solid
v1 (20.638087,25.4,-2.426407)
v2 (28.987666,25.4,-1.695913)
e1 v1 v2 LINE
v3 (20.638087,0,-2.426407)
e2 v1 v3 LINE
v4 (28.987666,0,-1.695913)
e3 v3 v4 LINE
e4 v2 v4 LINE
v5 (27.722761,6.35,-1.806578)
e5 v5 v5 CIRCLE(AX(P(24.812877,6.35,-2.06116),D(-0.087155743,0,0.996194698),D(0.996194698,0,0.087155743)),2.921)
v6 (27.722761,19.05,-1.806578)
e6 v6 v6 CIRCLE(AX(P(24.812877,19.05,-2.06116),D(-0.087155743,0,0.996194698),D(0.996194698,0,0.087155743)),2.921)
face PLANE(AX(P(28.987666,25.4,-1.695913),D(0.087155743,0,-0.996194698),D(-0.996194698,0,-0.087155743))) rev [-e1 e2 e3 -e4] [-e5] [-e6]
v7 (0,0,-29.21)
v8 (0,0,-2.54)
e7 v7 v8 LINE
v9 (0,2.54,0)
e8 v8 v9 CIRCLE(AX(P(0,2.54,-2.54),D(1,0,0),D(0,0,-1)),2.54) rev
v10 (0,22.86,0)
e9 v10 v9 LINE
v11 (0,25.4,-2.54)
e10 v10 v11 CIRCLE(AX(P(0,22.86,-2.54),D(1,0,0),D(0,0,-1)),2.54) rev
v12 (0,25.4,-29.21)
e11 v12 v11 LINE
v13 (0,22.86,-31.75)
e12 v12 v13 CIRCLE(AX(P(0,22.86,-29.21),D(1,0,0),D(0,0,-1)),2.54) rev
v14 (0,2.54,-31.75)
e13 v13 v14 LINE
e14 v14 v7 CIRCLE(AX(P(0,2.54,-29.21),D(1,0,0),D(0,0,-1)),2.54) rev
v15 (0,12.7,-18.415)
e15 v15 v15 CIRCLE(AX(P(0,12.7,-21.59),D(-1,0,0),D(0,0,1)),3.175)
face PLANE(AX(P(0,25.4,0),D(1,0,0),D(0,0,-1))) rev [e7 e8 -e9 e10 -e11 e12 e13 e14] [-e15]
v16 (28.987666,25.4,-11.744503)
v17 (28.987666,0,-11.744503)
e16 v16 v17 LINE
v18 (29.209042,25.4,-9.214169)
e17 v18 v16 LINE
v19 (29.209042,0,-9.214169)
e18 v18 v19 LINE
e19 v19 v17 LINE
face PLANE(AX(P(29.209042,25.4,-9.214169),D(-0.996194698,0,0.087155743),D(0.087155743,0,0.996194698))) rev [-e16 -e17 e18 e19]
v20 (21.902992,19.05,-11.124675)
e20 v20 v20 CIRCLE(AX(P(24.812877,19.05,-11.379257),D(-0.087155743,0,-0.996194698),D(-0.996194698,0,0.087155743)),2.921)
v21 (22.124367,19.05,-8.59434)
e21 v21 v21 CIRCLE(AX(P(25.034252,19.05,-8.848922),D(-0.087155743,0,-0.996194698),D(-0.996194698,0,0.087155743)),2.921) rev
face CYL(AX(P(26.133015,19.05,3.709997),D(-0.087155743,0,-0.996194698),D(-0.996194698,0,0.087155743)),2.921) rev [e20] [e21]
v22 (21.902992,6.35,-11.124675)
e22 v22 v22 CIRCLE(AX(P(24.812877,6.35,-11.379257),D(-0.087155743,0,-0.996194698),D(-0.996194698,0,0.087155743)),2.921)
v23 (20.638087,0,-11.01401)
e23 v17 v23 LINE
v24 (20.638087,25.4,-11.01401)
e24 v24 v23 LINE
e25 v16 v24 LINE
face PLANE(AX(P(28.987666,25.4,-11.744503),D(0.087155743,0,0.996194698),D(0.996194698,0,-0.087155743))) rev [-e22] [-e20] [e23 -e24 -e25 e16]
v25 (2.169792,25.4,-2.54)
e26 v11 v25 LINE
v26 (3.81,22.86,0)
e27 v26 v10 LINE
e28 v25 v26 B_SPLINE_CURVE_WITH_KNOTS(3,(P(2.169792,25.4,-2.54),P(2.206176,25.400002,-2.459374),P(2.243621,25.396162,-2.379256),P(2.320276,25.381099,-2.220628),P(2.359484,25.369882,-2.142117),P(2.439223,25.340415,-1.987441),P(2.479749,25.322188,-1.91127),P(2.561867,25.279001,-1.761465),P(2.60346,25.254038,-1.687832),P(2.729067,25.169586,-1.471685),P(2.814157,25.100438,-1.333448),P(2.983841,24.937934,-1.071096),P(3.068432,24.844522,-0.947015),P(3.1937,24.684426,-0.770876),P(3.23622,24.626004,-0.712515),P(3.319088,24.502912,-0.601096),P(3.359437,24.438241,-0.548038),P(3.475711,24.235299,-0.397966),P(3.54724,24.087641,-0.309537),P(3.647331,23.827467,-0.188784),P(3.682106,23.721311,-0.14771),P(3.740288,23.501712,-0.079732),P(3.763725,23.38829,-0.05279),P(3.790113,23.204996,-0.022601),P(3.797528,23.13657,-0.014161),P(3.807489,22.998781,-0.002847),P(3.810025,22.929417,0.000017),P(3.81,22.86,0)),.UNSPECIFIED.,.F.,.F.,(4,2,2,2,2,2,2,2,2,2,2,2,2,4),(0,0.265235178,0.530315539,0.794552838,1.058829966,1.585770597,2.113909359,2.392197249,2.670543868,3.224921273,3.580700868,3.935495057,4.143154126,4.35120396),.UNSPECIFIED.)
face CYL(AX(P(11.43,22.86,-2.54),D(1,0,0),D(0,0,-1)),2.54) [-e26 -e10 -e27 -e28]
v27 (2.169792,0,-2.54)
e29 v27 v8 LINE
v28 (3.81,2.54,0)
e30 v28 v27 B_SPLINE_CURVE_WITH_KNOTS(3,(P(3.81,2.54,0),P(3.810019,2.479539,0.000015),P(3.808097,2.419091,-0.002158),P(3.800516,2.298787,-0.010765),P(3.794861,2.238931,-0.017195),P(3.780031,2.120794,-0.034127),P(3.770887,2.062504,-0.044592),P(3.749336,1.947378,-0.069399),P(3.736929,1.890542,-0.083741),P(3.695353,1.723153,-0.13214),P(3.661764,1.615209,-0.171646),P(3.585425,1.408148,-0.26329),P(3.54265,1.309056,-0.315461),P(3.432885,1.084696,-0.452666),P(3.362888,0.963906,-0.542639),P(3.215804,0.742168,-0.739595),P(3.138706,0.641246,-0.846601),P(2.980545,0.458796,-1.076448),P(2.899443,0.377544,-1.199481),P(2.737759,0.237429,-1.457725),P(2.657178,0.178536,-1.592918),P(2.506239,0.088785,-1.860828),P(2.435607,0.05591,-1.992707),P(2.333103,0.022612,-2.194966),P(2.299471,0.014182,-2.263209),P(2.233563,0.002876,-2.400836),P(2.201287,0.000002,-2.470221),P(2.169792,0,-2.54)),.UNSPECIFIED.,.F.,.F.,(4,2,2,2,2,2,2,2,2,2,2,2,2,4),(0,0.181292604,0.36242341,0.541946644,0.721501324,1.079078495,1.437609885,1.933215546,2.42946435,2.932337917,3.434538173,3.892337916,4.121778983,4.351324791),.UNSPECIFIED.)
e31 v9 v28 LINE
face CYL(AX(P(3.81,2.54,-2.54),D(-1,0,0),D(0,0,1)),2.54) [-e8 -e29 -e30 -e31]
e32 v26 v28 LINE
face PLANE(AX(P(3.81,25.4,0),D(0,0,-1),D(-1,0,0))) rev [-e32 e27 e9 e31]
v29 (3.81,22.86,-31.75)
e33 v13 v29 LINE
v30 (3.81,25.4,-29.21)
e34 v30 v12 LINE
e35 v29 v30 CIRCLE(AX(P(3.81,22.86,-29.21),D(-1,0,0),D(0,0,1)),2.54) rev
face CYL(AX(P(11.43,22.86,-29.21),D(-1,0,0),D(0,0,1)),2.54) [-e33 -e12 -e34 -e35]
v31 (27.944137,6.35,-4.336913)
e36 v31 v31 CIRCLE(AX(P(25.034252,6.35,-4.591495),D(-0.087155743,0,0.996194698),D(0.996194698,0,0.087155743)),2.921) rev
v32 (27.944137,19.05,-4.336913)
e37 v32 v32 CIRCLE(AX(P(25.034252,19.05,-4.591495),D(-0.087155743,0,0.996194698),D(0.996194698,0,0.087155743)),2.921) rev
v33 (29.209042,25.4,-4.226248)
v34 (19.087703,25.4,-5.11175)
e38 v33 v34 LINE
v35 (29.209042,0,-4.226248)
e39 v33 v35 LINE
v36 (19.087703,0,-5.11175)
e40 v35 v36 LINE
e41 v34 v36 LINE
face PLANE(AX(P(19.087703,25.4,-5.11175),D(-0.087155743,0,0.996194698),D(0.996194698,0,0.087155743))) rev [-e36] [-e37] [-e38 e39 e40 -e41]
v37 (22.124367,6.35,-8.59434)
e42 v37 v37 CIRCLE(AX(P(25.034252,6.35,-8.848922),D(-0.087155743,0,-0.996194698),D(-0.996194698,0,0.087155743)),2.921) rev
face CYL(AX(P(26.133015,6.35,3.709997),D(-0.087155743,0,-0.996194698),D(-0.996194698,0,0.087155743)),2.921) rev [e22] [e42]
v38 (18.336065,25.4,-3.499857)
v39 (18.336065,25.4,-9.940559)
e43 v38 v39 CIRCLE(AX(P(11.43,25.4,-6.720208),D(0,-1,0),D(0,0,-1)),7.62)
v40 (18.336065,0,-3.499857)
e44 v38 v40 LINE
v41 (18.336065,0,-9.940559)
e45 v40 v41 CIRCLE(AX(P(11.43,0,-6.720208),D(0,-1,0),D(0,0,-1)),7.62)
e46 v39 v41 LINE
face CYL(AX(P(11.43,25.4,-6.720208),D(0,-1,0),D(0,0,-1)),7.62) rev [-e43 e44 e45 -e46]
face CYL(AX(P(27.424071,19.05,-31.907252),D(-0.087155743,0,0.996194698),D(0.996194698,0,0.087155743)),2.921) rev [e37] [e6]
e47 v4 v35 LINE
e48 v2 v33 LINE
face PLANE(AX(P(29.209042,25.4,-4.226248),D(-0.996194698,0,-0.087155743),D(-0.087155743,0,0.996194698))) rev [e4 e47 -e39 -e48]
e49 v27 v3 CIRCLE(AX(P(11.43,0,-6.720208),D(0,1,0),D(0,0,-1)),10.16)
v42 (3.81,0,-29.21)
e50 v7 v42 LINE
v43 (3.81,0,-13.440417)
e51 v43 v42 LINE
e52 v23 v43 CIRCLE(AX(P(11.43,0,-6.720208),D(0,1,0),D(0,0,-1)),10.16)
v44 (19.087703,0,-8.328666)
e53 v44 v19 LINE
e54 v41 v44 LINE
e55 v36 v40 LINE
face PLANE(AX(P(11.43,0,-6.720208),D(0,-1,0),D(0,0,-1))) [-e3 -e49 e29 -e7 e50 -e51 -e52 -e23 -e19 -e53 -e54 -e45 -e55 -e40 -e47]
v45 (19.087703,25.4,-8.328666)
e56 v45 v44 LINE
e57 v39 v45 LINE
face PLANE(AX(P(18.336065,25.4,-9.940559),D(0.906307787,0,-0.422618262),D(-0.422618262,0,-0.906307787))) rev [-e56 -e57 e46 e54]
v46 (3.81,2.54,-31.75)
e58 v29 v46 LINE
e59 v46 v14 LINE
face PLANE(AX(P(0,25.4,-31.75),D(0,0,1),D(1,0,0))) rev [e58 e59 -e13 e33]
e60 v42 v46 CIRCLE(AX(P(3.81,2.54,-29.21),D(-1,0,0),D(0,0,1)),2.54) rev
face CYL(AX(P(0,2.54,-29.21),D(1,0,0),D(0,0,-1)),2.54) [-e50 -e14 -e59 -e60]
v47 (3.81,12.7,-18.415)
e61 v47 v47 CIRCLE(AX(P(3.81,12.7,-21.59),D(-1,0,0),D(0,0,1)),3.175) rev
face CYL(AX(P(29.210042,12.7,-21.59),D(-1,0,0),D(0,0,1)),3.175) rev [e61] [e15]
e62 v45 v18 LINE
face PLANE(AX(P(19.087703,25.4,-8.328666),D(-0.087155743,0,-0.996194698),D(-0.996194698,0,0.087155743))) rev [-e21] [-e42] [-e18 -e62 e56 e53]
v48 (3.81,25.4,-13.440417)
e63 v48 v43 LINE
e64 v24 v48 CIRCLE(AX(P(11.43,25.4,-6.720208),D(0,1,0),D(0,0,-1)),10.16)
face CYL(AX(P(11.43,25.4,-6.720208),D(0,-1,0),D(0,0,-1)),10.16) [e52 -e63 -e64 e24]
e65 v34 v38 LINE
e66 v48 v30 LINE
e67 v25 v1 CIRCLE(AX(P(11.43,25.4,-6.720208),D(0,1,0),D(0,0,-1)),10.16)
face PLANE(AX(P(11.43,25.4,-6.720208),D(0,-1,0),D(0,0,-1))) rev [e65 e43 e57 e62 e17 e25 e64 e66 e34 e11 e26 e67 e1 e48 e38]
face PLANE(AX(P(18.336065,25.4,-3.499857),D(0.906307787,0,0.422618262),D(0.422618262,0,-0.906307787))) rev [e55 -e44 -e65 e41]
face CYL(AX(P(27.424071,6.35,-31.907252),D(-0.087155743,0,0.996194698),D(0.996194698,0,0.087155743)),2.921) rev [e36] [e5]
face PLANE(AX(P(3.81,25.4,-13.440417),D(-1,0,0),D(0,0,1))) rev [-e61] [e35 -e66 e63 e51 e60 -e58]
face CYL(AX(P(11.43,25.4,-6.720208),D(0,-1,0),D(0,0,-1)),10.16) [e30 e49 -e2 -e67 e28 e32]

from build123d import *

# Parameters (mm, degrees)
BOSS_EXTRUDE1_DEPTH = 25.4
CUT_EXTRUDE1_REACH  = 52.064
SKETCH2_R           = 3.175
FILLET1_R           = 2.54
CUT_EXTRUDE2_REACH  = 47.354
SKETCH3_R           = 2.921
CUT_EXTRUDE3_REACH  = 49.286
SKETCH4_R           = 2.921


with BuildPart() as part:
    # Sketch1 → Boss-Extrude1 (new body)
    with BuildSketch(Plane(origin=(0, 0, 0), x_dir=(1, 0, 0), z_dir=(0, 1, 0))):
        with BuildLine():
            Line((0, 0), (0, 31.75))
            Line((0, 31.75), (3.81, 31.75))
            Line((3.81, 31.75), (3.81, 13.44041666))
            ThreePointArc((3.81, 13.44041666), (12.879954362, 16.776213121), (20.638087116, 11.014009869))
            Line((20.638087116, 11.014009869), (28.987665935, 11.744503361))
            Line((28.987665935, 11.744503361), (29.209041521, 9.214168828))
            Line((29.209041521, 9.214168828), (19.087703389, 8.328666482))
            Line((19.087703389, 8.328666482), (18.336065337, 9.940559485))
            ThreePointArc((18.336065337, 9.940559485), (9.780730142, 14.159583904), (3.81, 6.72020833))
            ThreePointArc((3.81, 6.72020833), (9.780730142, -0.719167244), (18.336065337, 3.499857176))
            Line((18.336065337, 3.499857176), (19.087703389, 5.111750178))
            Line((19.087703389, 5.111750178), (29.209041521, 4.226247832))
            Line((29.209041521, 4.226247832), (28.987665935, 1.695913299))
            Line((28.987665935, 1.695913299), (20.638087116, 2.426406791))
            ThreePointArc((20.638087116, 2.426406791), (12.879954362, -3.335796461), (3.81, 0))
            Line((3.81, 0), (0, 0))
        make_face()
    extrude(amount=BOSS_EXTRUDE1_DEPTH)

    # Sketch2 → Cut-Extrude1 (cut, up to next)
    with BuildSketch(Plane.ZY, mode=Mode.PRIVATE) as cut_extrude1_sk1:
        with Locations((-21.59, 12.7)):
            Circle(SKETCH2_R)
    cut_extrude1_tool1 = extrude(cut_extrude1_sk1.sketch, amount=-CUT_EXTRUDE1_REACH, mode=Mode.PRIVATE) & part.part
    add(cut_extrude1_tool1.solids().sort_by_distance((0, 12.7, -21.59))[0], mode=Mode.SUBTRACT)

    # Fillet1
    fillet1_edges = [part.edges().sort_by_distance(p)[0] for p in [
        (1.905, 0, -31.75),
        (1.905, 0, 0),
        (1.905, 25.4, 0),
        (1.905, 25.4, -31.75),
    ]]
    fillet(fillet1_edges, radius=FILLET1_R)

    # Sketch3 → Cut-Extrude2 (cut, up to next)
    with BuildSketch(Plane(origin=(-0.799511913, 0, -9.138462981), x_dir=(-0.996194698091745, 0, 0.08715574274766381), z_dir=(-0.08715574274766381, 0, -0.9961946980917451)), mode=Mode.PRIVATE) as cut_extrude2_sk1:
        with Locations((-25.710223601, 19.05)):
            Circle(SKETCH3_R)
    cut_extrude2_tool1 = extrude(cut_extrude2_sk1.sketch, amount=-CUT_EXTRUDE2_REACH, mode=Mode.PRIVATE) & part.part
    # Sketch3 → Cut-Extrude2 (cut, up to next)
    with BuildSketch(Plane(origin=(-0.799511913, 0, -9.138462981), x_dir=(-0.996194698091745, 0, 0.08715574274766381), z_dir=(-0.08715574274766381, 0, -0.9961946980917451)), mode=Mode.PRIVATE) as cut_extrude2_sk2:
        with Locations((-25.710223601, 6.35)):
            Circle(SKETCH3_R)
    cut_extrude2_tool2 = extrude(cut_extrude2_sk2.sketch, amount=-CUT_EXTRUDE2_REACH, mode=Mode.PRIVATE) & part.part
    add(cut_extrude2_tool1.solids().sort_by_distance((24.812877, 19.05, -11.379257))[0], mode=Mode.SUBTRACT)
    add(cut_extrude2_tool2.solids().sort_by_distance((24.812877, 6.35, -11.379257))[0], mode=Mode.SUBTRACT)

    # Sketch4 → Cut-Extrude3 (cut, up to next)
    with BuildSketch(Plane(origin=(0.367440017, 0, -4.199858614), x_dir=(0.9961946980917455, 0, 0.0871557427476594), z_dir=(-0.0871557427476594, 0, 0.9961946980917455)), mode=Mode.PRIVATE) as cut_extrude3_sk1:
        with Locations((24.538814104, 19.05)):
            Circle(SKETCH4_R)
    cut_extrude3_tool1 = extrude(cut_extrude3_sk1.sketch, amount=-CUT_EXTRUDE3_REACH, mode=Mode.PRIVATE) & part.part
    # Sketch4 → Cut-Extrude3 (cut, up to next)
    with BuildSketch(Plane(origin=(0.367440017, 0, -4.199858614), x_dir=(0.9961946980917455, 0, 0.0871557427476594), z_dir=(-0.0871557427476594, 0, 0.9961946980917455)), mode=Mode.PRIVATE) as cut_extrude3_sk2:
        with Locations((24.538814104, 6.35)):
            Circle(SKETCH4_R)
    cut_extrude3_tool2 = extrude(cut_extrude3_sk2.sketch, amount=-CUT_EXTRUDE3_REACH, mode=Mode.PRIVATE) & part.part
    add(cut_extrude3_tool1.solids().sort_by_distance((24.812877, 19.05, -2.06116))[0], mode=Mode.SUBTRACT)
    add(cut_extrude3_tool2.solids().sort_by_distance((24.812877, 6.35, -2.06116))[0], mode=Mode.SUBTRACT)


solid = part.part
